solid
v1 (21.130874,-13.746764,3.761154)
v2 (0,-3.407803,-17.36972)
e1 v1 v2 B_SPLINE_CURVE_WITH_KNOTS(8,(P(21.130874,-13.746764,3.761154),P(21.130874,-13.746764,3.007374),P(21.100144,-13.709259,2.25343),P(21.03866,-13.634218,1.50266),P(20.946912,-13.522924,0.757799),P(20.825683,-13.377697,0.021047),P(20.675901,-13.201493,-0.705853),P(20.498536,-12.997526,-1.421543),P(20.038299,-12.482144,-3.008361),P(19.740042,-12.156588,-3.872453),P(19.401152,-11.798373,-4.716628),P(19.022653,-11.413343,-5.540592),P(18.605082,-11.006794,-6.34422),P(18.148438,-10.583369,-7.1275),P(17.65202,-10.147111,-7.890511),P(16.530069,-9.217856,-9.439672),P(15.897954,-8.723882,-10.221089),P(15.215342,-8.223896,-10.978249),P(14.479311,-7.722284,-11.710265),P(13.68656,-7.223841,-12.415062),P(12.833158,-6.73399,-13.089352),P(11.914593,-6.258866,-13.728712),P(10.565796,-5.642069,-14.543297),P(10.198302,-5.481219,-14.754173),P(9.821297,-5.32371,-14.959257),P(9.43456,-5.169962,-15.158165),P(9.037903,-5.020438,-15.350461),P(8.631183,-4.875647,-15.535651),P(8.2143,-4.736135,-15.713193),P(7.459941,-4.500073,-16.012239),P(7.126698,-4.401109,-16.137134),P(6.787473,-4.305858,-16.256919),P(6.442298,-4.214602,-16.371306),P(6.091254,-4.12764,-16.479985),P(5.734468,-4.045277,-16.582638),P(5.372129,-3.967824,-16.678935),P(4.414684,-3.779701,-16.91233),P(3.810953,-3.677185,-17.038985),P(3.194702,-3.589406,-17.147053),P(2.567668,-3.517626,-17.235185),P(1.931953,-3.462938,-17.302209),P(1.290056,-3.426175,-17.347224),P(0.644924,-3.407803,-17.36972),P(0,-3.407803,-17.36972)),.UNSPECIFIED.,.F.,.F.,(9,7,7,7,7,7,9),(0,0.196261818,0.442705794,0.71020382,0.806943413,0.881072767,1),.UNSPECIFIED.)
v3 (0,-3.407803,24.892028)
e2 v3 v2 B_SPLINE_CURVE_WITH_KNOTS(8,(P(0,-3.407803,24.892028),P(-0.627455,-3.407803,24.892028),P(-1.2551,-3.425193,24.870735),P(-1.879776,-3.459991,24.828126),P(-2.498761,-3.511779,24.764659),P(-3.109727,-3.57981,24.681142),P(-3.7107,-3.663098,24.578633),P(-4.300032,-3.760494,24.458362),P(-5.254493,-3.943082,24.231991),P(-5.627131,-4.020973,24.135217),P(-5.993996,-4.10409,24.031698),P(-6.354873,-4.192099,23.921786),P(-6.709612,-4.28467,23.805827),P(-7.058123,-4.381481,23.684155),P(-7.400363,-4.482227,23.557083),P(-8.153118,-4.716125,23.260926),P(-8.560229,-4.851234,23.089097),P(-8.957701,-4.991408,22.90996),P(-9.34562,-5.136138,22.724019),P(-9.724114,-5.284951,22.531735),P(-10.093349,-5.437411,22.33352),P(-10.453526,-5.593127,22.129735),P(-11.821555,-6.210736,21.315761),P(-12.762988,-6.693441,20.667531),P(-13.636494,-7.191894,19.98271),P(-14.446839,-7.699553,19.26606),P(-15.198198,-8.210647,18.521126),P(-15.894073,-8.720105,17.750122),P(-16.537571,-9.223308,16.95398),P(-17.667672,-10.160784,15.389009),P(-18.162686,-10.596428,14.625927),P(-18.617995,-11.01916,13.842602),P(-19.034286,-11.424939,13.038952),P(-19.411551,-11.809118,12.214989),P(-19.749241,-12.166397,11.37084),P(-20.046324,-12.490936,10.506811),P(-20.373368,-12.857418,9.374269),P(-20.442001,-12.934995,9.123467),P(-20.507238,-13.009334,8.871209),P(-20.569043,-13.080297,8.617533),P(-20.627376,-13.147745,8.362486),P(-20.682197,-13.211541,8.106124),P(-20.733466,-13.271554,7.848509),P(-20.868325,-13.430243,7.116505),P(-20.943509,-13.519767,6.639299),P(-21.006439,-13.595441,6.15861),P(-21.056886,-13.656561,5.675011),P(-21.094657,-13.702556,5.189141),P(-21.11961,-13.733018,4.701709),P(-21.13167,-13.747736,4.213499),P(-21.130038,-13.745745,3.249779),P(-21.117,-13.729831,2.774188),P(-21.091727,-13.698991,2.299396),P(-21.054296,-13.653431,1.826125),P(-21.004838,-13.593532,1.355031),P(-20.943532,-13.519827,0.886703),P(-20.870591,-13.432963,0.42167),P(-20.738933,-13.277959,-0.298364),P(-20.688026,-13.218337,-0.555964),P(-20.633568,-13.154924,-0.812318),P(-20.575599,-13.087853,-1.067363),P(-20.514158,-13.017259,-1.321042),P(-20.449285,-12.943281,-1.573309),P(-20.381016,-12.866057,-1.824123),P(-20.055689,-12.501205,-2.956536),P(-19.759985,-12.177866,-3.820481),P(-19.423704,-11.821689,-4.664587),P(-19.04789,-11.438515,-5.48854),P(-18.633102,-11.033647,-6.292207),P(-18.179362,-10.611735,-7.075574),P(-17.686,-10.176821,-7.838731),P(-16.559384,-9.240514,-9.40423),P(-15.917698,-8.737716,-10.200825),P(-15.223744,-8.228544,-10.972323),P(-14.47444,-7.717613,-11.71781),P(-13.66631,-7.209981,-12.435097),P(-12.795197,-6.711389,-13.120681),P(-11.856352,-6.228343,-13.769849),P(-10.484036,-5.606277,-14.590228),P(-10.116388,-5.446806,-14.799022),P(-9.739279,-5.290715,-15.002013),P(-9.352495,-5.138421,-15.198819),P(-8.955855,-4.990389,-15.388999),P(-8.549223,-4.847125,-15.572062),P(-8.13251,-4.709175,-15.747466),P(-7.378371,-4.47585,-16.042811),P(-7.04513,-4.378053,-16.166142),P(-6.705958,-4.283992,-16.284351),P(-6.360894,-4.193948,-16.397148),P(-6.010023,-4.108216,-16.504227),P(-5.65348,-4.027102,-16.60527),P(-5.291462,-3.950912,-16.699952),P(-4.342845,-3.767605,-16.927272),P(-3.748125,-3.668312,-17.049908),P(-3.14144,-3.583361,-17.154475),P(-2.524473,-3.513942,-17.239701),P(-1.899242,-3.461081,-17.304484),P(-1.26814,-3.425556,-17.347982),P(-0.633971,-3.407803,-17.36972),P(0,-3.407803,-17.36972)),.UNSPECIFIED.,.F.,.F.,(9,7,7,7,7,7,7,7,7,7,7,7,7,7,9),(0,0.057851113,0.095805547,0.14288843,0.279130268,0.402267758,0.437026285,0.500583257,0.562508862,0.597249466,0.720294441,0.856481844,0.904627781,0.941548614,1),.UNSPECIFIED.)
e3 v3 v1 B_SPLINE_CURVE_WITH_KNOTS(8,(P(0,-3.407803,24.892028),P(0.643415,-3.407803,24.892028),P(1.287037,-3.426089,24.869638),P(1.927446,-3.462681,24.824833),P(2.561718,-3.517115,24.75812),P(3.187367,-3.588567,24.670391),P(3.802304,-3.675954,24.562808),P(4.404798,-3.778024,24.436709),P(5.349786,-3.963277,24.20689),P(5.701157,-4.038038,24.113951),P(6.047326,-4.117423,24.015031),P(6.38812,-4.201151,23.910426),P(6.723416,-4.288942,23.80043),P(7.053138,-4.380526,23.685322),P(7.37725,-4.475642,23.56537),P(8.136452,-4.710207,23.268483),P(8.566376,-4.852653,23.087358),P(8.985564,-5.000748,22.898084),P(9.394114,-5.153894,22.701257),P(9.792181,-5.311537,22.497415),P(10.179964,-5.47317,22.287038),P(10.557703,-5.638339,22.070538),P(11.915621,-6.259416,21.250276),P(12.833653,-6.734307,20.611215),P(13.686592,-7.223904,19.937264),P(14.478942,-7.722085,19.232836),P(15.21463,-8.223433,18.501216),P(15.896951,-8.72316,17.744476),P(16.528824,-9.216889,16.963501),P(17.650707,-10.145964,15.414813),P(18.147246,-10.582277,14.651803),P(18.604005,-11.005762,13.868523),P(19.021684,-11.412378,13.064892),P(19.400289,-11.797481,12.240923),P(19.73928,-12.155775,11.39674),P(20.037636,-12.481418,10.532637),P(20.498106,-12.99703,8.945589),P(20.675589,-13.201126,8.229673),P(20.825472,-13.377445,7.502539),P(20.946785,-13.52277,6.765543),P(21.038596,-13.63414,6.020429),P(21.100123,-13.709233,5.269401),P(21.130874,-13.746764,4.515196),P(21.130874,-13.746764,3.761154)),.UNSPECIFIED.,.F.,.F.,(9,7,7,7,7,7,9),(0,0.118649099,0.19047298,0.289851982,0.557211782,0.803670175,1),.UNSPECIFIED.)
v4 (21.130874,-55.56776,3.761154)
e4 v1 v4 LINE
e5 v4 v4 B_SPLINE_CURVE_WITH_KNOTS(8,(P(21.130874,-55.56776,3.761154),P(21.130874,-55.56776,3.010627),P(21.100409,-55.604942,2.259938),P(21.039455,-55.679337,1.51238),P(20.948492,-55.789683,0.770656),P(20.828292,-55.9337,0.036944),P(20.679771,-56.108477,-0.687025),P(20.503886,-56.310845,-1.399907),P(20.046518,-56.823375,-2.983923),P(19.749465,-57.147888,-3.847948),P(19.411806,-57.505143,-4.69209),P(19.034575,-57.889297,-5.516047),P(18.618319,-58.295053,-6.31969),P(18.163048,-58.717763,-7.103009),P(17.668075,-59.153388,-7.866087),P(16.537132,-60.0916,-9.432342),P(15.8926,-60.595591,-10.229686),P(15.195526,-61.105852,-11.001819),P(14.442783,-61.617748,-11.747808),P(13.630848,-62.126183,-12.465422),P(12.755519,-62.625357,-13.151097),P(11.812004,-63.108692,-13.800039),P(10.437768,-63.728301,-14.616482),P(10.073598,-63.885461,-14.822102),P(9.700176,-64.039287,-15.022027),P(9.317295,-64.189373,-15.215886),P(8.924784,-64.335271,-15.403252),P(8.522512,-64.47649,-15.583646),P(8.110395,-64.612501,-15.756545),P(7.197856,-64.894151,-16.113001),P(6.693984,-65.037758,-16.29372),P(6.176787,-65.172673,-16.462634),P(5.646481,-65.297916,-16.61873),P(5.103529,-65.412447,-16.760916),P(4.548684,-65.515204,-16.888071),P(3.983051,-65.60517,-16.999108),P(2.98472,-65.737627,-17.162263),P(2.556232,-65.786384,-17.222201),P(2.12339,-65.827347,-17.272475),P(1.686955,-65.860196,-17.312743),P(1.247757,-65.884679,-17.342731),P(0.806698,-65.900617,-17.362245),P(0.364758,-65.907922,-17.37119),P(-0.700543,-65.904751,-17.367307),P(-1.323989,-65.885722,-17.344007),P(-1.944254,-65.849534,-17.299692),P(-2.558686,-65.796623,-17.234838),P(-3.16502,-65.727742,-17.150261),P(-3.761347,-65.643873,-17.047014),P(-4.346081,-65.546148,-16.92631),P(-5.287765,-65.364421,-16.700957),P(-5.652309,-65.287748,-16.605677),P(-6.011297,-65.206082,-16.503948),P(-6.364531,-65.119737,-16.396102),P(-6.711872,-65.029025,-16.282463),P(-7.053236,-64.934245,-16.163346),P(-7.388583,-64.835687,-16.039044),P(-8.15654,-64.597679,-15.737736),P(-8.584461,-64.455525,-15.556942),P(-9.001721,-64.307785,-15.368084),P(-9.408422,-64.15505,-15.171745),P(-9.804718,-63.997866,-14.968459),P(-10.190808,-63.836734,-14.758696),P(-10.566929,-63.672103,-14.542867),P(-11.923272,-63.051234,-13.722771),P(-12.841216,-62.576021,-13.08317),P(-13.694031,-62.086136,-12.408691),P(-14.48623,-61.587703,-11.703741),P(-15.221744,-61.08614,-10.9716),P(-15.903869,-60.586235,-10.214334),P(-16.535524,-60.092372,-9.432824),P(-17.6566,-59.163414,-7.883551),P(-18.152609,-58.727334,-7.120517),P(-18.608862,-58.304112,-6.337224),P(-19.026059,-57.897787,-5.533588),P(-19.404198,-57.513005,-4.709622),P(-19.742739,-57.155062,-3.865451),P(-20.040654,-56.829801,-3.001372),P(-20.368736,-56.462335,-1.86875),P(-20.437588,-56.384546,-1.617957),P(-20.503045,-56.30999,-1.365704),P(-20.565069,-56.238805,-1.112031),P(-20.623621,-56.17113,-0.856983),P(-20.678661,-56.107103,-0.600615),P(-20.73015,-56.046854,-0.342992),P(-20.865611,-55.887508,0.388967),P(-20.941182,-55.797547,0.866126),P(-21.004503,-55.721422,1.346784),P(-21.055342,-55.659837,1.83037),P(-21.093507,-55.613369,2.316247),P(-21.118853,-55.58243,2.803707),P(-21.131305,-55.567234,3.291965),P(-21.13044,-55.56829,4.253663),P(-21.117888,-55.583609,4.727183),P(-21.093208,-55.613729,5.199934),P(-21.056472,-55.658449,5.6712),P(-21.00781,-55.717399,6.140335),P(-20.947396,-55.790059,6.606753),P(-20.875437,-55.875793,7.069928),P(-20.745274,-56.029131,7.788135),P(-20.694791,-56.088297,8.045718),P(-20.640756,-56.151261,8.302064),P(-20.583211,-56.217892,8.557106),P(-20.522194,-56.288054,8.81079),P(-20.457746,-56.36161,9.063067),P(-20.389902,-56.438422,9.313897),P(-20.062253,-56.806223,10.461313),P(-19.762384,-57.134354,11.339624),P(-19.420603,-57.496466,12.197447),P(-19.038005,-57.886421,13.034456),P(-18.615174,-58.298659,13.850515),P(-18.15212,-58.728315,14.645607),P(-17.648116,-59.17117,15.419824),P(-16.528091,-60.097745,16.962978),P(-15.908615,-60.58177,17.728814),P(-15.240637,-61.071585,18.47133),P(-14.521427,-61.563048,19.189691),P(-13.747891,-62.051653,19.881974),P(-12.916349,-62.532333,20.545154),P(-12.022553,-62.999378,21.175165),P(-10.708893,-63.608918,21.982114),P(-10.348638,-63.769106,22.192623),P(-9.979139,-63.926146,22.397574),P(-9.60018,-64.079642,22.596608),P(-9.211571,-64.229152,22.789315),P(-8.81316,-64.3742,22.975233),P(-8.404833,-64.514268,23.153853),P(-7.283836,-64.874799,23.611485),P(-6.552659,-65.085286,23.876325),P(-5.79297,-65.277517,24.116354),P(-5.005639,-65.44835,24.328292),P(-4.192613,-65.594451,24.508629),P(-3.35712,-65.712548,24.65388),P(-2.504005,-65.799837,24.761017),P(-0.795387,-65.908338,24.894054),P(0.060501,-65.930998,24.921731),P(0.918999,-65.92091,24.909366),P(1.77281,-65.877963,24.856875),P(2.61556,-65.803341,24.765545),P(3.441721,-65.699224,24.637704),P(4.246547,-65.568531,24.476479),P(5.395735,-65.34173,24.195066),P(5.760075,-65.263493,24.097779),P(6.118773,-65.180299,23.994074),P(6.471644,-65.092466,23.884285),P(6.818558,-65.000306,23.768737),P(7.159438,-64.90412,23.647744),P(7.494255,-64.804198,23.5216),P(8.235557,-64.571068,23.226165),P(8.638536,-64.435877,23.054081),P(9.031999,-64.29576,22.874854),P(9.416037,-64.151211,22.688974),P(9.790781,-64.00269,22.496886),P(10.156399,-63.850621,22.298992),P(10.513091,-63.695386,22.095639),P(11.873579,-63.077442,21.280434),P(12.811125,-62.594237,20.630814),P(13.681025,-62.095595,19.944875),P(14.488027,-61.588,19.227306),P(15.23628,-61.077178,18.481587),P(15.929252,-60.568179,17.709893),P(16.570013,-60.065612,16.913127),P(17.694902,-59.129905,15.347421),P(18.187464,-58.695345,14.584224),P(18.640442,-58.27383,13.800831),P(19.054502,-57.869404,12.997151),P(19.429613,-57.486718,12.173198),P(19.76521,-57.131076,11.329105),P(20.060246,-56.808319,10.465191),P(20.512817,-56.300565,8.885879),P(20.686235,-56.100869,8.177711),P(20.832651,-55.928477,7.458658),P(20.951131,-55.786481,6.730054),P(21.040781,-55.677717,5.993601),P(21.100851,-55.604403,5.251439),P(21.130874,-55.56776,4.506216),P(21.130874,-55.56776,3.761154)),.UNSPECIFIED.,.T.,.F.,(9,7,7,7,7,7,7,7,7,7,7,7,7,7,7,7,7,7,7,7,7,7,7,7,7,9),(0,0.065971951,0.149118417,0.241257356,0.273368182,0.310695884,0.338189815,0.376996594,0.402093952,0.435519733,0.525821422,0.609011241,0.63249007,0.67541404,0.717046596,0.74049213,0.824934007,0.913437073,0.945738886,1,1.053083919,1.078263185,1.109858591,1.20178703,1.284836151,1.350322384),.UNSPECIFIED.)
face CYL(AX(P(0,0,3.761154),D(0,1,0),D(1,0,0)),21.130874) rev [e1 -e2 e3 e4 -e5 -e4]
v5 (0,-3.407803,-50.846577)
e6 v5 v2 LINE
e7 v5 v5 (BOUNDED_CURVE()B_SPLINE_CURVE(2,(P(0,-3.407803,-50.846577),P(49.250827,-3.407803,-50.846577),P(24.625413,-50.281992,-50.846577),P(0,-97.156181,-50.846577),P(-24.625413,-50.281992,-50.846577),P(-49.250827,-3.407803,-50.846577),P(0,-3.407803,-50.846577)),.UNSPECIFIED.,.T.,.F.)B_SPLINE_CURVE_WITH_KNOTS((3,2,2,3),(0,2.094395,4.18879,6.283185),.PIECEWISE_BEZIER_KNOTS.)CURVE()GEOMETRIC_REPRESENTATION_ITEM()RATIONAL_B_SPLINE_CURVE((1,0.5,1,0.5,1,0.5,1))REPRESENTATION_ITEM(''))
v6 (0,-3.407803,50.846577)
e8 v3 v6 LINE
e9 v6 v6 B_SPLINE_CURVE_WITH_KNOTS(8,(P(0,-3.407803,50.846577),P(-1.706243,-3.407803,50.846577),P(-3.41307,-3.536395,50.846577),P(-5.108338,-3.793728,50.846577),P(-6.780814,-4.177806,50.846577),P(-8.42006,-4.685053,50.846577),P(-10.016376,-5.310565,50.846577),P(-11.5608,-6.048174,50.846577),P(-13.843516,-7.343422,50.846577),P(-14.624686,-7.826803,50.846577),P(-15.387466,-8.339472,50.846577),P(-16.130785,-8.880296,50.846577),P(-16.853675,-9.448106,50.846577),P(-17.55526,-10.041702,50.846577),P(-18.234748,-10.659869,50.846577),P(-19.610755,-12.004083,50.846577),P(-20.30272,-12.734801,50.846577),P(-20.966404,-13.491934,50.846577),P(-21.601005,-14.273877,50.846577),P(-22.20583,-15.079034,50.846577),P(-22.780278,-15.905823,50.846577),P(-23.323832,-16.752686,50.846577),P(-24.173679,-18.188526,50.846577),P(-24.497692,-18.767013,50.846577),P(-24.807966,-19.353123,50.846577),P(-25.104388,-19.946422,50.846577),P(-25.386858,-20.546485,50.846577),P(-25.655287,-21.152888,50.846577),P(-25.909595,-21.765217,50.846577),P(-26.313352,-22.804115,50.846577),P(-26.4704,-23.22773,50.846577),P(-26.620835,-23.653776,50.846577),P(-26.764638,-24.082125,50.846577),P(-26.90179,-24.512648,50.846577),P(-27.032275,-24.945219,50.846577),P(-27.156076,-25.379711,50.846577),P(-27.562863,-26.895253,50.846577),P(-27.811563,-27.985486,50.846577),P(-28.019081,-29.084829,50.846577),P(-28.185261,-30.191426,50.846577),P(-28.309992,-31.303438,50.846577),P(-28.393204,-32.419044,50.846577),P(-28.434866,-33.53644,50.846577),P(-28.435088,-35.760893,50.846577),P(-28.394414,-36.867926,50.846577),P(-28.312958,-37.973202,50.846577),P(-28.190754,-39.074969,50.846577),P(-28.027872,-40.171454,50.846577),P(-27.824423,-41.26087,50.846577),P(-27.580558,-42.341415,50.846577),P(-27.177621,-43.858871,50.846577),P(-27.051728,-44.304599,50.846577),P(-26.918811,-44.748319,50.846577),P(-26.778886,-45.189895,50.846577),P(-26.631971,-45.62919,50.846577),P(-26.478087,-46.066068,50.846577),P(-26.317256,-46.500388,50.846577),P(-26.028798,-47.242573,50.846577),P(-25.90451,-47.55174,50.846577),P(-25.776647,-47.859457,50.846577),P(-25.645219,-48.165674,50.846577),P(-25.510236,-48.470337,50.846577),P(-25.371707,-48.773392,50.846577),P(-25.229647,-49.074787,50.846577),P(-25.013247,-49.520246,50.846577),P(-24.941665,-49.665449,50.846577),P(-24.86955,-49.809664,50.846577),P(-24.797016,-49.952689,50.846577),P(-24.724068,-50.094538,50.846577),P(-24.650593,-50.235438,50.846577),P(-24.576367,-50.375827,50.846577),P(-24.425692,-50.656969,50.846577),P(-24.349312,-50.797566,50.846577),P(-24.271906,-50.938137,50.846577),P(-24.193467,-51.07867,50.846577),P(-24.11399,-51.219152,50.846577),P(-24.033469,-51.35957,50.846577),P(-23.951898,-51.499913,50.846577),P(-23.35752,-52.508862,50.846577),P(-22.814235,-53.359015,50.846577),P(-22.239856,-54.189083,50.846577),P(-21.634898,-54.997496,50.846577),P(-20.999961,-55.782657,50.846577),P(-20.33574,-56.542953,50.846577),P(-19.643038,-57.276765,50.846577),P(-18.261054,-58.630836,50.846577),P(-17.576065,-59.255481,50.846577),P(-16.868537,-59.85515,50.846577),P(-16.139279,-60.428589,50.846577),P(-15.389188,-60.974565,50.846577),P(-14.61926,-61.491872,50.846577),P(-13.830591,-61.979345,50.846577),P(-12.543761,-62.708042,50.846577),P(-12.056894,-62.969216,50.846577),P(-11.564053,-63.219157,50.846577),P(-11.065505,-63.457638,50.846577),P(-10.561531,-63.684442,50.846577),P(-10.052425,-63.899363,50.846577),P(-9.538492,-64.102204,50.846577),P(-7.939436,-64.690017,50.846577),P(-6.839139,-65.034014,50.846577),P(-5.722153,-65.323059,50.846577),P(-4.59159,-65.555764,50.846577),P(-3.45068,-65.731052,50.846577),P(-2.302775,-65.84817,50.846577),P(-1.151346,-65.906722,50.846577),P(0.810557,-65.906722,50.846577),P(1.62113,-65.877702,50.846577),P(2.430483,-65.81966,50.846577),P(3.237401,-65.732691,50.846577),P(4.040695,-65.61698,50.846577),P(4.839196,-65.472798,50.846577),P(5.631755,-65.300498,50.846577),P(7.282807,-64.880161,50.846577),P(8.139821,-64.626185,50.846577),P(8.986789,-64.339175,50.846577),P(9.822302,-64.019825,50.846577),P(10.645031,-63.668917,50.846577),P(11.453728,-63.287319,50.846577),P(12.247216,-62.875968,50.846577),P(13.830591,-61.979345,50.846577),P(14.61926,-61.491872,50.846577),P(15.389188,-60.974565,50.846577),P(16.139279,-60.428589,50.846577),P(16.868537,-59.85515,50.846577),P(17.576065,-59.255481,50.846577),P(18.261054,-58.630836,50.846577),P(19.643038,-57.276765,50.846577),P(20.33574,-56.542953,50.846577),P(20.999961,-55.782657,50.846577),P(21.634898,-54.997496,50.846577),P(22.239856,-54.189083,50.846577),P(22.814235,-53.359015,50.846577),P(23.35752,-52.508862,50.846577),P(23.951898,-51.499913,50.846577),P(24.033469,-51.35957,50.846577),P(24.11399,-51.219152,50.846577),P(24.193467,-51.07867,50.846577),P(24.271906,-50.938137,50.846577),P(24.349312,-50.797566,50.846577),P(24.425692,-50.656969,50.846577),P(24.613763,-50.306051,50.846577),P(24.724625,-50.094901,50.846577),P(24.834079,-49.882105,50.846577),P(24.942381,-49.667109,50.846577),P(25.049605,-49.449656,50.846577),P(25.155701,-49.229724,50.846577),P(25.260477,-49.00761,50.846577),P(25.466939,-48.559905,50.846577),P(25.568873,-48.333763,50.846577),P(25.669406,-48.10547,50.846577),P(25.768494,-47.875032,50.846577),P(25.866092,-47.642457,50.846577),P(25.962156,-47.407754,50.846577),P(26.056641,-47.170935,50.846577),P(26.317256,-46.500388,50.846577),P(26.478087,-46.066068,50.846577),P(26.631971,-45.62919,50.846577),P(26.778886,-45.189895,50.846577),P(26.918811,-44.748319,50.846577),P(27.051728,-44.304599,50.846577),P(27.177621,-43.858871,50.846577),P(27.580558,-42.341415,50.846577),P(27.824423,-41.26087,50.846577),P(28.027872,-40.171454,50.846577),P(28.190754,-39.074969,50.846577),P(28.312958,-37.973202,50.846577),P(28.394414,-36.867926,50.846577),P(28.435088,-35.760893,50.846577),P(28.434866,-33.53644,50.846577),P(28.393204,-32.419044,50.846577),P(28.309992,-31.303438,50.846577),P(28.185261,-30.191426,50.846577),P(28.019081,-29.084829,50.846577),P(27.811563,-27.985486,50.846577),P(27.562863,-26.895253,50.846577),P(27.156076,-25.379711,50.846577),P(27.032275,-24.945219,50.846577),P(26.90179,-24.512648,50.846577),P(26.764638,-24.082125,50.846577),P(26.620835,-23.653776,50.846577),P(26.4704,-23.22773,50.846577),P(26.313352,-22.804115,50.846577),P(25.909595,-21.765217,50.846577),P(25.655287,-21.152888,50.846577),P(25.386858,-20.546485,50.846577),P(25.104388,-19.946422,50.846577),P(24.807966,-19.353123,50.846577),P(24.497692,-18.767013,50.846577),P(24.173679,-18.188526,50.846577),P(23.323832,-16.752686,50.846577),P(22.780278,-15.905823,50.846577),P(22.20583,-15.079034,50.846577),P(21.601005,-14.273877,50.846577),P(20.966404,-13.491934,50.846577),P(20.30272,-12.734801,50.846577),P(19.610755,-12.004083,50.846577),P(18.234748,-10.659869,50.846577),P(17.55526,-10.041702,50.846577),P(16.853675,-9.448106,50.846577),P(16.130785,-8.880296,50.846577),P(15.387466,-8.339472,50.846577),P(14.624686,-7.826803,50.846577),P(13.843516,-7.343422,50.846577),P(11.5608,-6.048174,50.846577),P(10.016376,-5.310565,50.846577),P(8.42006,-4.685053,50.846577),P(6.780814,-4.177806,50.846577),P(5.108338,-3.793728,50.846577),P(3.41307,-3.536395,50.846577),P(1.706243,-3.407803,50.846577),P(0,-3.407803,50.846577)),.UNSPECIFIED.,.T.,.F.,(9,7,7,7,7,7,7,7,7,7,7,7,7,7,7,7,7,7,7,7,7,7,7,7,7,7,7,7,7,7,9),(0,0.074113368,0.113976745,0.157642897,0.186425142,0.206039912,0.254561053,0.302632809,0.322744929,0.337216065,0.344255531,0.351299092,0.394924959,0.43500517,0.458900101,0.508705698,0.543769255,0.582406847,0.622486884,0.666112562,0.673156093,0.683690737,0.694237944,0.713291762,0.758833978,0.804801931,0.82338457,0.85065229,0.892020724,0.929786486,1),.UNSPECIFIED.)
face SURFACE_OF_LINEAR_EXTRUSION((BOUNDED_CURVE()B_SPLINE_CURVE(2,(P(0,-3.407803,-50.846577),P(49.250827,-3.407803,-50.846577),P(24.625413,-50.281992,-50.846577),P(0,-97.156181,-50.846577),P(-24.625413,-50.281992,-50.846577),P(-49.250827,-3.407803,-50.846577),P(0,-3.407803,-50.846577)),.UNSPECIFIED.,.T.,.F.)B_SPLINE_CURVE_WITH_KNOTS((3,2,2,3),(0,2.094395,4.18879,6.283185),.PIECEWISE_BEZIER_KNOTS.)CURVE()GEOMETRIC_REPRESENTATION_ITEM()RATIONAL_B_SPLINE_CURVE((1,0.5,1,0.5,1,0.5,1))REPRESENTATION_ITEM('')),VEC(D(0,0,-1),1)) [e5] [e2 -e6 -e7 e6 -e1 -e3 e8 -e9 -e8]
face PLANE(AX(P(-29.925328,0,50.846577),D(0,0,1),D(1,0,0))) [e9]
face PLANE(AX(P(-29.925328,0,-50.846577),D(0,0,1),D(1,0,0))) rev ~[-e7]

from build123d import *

# Parameters (mm, degrees)
F0_W     = 59.850656
F0_H     = 101.693154
F1_DEPTH = 76.2
F2_W     = 59.850656
F2_H     = 76.2
F3_DEPTH = 127
F4_R     = 21.130874
F5_DEPTH = 403.86


with BuildPart() as f1:
    # F0 (on Front) → F1 (new body)
    with BuildSketch(Plane.XZ):
        Rectangle(F0_W, F0_H)
    extrude(amount=F1_DEPTH)

    # F2 (on face) → F3 (cut)
    with BuildSketch(Plane(origin=(0, 0, -50.846577), x_dir=(1, 0, 0), z_dir=(0, 0, -1))):
        with Locations((0, 38.1)):
            Rectangle(F2_W, F2_H)
        with BuildLine():
            add(Edge.make_bspline(
                [(0, 3.407803), (49.250827, 3.407803), (24.625413, 50.281992), (0, 97.156181), (-24.625413, 50.281992), (-49.250827, 3.407803), (0, 3.407803)],
                knots=[0, 0, 0, 2.094395, 2.094395, 4.18879, 4.18879, 6.283185, 6.283185, 6.283185], degree=2, weights=[1, 0.5, 1, 0.5, 1, 0.5, 1]))
        make_face(mode=Mode.SUBTRACT)
    extrude(amount=-F3_DEPTH, mode=Mode.SUBTRACT)

    # F4 (on Front) → F5 (cut)
    with BuildSketch(Plane.XZ):
        with Locations((0, 3.761154)):
            Circle(F4_R)
    extrude(amount=F5_DEPTH, mode=Mode.SUBTRACT)


solid = f1.part
